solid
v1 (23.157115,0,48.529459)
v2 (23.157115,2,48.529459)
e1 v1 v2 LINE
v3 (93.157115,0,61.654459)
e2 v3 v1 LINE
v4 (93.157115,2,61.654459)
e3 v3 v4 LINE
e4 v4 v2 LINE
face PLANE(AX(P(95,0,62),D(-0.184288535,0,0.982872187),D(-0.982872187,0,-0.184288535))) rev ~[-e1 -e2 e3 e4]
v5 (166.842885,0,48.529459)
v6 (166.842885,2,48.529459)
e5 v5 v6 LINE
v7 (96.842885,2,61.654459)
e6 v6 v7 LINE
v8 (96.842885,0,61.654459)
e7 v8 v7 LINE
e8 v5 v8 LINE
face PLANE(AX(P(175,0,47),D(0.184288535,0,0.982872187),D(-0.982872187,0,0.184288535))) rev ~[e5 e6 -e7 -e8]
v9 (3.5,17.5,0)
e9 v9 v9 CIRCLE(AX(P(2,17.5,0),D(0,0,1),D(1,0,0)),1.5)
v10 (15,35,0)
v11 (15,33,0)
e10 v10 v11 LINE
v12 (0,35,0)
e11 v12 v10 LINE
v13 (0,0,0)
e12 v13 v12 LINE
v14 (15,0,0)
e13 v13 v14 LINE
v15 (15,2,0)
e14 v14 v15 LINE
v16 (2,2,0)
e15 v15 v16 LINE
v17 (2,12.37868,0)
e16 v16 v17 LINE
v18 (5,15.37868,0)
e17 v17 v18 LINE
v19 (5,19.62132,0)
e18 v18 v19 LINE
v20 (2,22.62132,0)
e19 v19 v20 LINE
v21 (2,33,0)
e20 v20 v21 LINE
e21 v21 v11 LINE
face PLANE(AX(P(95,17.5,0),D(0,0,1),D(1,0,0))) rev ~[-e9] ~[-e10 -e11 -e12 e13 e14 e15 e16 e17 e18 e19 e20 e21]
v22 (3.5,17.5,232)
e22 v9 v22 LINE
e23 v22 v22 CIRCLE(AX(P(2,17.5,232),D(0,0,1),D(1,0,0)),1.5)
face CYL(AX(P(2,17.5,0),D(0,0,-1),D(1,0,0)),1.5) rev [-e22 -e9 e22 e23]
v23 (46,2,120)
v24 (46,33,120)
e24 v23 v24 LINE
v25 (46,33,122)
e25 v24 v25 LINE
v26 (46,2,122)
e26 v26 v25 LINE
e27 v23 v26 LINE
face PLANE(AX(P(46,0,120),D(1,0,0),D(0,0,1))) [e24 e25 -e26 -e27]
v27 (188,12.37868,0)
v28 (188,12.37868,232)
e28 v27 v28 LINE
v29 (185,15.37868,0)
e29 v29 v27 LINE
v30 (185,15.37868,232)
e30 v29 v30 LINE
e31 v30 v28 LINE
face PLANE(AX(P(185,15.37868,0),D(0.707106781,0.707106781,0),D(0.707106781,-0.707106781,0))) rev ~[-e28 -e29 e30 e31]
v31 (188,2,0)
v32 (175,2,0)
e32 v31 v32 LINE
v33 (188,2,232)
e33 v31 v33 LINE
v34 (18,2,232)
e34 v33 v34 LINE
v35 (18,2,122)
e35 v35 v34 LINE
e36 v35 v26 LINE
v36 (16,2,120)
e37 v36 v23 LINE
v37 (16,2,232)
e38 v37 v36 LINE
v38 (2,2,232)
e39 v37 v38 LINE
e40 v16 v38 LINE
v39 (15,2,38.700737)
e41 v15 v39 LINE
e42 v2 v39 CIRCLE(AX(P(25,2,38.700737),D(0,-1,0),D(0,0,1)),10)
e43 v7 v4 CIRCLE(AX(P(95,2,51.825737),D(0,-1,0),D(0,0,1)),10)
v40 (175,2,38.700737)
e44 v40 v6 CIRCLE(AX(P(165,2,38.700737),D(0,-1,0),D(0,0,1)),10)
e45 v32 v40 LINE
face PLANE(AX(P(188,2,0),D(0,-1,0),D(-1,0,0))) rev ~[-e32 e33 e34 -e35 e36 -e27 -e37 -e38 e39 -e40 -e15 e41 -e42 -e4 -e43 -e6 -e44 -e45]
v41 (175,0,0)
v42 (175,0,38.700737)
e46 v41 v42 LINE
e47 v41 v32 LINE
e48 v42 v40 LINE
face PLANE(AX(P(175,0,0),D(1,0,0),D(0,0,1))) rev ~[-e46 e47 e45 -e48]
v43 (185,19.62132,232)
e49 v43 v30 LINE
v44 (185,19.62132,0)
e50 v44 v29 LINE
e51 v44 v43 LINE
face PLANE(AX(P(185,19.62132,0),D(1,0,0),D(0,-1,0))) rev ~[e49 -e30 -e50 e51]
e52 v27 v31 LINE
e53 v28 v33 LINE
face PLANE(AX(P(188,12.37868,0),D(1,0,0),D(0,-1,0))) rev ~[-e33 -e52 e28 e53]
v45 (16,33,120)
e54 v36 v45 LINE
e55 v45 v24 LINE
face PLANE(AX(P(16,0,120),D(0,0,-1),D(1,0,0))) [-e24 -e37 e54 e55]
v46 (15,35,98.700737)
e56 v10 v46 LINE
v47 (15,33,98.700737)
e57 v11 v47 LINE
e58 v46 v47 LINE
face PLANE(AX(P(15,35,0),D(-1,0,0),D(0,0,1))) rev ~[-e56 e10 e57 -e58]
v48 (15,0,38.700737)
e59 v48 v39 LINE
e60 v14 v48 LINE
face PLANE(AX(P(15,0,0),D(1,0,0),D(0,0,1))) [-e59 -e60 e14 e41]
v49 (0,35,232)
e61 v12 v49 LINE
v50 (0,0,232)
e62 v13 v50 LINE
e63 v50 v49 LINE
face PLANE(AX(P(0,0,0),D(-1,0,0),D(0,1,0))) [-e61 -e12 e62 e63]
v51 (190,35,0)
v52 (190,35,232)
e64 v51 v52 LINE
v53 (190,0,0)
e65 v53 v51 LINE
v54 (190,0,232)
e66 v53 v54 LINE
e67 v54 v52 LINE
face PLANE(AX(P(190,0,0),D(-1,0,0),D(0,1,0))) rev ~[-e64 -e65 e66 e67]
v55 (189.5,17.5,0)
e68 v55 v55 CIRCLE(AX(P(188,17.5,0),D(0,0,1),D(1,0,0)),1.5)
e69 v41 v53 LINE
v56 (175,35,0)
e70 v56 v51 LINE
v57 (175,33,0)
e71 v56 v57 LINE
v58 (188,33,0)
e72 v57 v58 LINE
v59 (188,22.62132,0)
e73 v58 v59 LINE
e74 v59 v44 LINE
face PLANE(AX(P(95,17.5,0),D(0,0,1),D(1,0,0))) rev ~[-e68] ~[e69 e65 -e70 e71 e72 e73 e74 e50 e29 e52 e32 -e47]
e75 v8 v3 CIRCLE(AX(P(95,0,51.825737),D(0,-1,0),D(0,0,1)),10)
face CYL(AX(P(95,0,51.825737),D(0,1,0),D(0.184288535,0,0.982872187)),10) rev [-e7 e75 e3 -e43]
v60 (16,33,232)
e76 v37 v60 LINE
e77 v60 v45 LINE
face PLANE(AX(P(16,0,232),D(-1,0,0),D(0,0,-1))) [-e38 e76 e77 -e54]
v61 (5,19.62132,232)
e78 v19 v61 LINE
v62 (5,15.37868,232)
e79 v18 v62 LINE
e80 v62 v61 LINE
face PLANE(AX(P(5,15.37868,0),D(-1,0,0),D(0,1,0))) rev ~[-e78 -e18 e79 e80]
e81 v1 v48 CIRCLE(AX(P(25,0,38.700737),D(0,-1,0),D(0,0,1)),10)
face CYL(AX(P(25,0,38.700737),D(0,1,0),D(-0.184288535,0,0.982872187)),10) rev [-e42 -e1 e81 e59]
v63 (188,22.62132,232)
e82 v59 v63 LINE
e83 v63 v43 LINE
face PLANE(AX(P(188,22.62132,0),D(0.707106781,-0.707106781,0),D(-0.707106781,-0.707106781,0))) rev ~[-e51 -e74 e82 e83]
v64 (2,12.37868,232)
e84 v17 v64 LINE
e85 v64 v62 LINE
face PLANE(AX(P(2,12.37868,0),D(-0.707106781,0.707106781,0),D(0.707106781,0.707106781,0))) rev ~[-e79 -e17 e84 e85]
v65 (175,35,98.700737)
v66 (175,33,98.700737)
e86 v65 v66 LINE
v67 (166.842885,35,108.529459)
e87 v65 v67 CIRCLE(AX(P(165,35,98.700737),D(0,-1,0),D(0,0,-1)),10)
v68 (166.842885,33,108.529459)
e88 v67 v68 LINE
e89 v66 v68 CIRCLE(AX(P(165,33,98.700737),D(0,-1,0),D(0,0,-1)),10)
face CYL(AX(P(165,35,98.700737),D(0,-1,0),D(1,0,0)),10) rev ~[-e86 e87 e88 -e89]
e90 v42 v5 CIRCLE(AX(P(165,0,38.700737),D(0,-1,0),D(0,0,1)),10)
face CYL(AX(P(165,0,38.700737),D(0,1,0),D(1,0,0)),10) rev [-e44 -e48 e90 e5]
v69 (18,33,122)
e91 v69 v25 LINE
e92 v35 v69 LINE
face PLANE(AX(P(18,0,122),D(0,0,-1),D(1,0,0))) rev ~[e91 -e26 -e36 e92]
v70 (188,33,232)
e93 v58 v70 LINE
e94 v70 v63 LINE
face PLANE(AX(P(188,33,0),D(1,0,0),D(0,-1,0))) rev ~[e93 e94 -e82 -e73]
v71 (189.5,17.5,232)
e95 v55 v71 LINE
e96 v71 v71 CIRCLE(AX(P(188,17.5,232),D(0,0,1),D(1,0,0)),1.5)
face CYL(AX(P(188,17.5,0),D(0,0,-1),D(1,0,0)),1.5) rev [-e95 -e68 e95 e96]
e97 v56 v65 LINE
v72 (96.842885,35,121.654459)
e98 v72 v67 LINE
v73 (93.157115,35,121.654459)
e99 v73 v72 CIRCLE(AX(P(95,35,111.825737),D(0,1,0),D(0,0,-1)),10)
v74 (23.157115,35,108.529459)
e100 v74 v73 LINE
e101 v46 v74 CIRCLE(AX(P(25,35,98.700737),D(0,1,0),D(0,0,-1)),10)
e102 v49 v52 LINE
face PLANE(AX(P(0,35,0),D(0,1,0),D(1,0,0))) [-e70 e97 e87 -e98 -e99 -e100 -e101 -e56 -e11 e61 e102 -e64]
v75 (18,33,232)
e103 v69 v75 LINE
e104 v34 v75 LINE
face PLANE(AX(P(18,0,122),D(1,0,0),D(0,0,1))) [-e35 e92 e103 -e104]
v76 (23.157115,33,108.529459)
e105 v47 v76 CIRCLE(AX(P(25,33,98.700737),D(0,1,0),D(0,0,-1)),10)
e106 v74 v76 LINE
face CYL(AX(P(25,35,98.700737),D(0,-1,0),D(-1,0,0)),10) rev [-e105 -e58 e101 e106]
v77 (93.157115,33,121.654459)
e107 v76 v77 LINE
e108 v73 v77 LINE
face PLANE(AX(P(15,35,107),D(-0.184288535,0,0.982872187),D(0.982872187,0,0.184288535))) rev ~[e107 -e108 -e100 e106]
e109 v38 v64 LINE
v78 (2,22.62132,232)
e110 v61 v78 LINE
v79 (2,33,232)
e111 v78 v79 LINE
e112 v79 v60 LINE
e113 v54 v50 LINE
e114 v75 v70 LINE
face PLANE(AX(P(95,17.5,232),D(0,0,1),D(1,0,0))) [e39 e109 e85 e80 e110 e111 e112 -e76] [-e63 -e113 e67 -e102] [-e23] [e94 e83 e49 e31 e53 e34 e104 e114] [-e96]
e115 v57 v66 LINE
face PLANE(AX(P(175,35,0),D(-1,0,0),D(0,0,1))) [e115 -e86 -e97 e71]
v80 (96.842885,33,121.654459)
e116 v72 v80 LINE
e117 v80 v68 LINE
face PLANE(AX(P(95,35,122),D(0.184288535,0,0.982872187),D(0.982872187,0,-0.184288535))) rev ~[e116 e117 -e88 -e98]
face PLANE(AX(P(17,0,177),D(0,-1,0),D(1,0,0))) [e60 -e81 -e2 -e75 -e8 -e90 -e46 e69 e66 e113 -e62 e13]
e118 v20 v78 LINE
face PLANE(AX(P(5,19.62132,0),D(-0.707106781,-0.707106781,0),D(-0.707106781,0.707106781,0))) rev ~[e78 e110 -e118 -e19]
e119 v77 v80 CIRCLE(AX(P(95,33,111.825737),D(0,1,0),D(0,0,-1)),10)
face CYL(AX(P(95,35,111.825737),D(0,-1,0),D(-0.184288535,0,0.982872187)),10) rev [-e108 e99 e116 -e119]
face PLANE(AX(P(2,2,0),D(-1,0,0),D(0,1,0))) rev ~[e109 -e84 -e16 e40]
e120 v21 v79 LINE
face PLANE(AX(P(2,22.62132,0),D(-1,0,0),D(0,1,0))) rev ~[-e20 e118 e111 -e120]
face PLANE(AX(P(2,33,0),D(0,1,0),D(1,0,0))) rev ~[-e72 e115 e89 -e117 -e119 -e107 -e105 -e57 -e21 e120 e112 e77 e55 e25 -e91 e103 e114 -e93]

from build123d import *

# Parameters (mm, degrees)
F0_W     = 190
F0_H     = 35
F0_R     = 1.5
F1_DEPTH = 232
F2_W     = 2
F2_H     = 110
F2_H_2   = 2
F2_W_2   = 28
F3_DEPTH = 33
F4_W     = 160
F4_H     = 107
F5_DEPTH = 5
F6_W     = 160
F6_H     = 47
F7_DEPTH = 5
F8_R     = 10


with BuildPart() as f1:
    # F0 (on Top) → F1 (new body)
    with BuildSketch(Plane.XY):
        with Locations((95, 17.5)):
            Rectangle(F0_W, F0_H)
        with Locations((2, 17.5)):
            Circle(F0_R, mode=Mode.SUBTRACT)
        Polygon((188, 2), (2, 2), (2, 12.3786796564), (5, 15.3786796564), (5, 19.6213203436), (2, 22.6213203436), (2, 33), (188, 33), (188, 22.6213203436), (185, 19.6213203436), (185, 15.3786796564), (188, 12.3786796564), align=None, mode=Mode.SUBTRACT)
        with Locations((188, 17.5)):
            Circle(F0_R, mode=Mode.SUBTRACT)
    extrude(amount=F1_DEPTH)

    # F2 (on face) → F3 (join)
    with BuildSketch(Plane.XZ):
        with Locations((17, 177)):
            Rectangle(F2_W, F2_H)
        with Locations((17, 121)):
            Rectangle(F2_W, F2_H_2)
        with Locations((32, 121)):
            Rectangle(F2_W_2, F2_H_2)
    extrude(amount=-F3_DEPTH)

    # F4 (on face) → F5 (cut)
    with BuildSketch(Plane(origin=(0, 35, 0), x_dir=(-1, 0, 0), z_dir=(0, 1, 0))):
        with Locations((-95, 53.5)):
            Rectangle(F4_W, F4_H)
        Polygon((-175, 107), (-15, 107), (-95, 122), align=None)
    extrude(amount=-F5_DEPTH, mode=Mode.SUBTRACT)

    # F6 (on face) → F7 (cut)
    with BuildSketch(Plane.XZ):
        Polygon((95, 62), (15, 47), (175, 47), align=None)
        with Locations((95, 23.5)):
            Rectangle(F6_W, F6_H)
    extrude(amount=-F7_DEPTH, mode=Mode.SUBTRACT)

    # F8
    f8_edges = [f1.edges().sort_by_distance(p)[0] for p in [
        (175, 1, 47),
        (175, 34, 107),
        (15, 34, 107),
        (15, 1, 47),
        (95, 34, 122),
        (95, 1, 62),
    ]]
    fillet(f8_edges, radius=F8_R)


solid = f1.part
